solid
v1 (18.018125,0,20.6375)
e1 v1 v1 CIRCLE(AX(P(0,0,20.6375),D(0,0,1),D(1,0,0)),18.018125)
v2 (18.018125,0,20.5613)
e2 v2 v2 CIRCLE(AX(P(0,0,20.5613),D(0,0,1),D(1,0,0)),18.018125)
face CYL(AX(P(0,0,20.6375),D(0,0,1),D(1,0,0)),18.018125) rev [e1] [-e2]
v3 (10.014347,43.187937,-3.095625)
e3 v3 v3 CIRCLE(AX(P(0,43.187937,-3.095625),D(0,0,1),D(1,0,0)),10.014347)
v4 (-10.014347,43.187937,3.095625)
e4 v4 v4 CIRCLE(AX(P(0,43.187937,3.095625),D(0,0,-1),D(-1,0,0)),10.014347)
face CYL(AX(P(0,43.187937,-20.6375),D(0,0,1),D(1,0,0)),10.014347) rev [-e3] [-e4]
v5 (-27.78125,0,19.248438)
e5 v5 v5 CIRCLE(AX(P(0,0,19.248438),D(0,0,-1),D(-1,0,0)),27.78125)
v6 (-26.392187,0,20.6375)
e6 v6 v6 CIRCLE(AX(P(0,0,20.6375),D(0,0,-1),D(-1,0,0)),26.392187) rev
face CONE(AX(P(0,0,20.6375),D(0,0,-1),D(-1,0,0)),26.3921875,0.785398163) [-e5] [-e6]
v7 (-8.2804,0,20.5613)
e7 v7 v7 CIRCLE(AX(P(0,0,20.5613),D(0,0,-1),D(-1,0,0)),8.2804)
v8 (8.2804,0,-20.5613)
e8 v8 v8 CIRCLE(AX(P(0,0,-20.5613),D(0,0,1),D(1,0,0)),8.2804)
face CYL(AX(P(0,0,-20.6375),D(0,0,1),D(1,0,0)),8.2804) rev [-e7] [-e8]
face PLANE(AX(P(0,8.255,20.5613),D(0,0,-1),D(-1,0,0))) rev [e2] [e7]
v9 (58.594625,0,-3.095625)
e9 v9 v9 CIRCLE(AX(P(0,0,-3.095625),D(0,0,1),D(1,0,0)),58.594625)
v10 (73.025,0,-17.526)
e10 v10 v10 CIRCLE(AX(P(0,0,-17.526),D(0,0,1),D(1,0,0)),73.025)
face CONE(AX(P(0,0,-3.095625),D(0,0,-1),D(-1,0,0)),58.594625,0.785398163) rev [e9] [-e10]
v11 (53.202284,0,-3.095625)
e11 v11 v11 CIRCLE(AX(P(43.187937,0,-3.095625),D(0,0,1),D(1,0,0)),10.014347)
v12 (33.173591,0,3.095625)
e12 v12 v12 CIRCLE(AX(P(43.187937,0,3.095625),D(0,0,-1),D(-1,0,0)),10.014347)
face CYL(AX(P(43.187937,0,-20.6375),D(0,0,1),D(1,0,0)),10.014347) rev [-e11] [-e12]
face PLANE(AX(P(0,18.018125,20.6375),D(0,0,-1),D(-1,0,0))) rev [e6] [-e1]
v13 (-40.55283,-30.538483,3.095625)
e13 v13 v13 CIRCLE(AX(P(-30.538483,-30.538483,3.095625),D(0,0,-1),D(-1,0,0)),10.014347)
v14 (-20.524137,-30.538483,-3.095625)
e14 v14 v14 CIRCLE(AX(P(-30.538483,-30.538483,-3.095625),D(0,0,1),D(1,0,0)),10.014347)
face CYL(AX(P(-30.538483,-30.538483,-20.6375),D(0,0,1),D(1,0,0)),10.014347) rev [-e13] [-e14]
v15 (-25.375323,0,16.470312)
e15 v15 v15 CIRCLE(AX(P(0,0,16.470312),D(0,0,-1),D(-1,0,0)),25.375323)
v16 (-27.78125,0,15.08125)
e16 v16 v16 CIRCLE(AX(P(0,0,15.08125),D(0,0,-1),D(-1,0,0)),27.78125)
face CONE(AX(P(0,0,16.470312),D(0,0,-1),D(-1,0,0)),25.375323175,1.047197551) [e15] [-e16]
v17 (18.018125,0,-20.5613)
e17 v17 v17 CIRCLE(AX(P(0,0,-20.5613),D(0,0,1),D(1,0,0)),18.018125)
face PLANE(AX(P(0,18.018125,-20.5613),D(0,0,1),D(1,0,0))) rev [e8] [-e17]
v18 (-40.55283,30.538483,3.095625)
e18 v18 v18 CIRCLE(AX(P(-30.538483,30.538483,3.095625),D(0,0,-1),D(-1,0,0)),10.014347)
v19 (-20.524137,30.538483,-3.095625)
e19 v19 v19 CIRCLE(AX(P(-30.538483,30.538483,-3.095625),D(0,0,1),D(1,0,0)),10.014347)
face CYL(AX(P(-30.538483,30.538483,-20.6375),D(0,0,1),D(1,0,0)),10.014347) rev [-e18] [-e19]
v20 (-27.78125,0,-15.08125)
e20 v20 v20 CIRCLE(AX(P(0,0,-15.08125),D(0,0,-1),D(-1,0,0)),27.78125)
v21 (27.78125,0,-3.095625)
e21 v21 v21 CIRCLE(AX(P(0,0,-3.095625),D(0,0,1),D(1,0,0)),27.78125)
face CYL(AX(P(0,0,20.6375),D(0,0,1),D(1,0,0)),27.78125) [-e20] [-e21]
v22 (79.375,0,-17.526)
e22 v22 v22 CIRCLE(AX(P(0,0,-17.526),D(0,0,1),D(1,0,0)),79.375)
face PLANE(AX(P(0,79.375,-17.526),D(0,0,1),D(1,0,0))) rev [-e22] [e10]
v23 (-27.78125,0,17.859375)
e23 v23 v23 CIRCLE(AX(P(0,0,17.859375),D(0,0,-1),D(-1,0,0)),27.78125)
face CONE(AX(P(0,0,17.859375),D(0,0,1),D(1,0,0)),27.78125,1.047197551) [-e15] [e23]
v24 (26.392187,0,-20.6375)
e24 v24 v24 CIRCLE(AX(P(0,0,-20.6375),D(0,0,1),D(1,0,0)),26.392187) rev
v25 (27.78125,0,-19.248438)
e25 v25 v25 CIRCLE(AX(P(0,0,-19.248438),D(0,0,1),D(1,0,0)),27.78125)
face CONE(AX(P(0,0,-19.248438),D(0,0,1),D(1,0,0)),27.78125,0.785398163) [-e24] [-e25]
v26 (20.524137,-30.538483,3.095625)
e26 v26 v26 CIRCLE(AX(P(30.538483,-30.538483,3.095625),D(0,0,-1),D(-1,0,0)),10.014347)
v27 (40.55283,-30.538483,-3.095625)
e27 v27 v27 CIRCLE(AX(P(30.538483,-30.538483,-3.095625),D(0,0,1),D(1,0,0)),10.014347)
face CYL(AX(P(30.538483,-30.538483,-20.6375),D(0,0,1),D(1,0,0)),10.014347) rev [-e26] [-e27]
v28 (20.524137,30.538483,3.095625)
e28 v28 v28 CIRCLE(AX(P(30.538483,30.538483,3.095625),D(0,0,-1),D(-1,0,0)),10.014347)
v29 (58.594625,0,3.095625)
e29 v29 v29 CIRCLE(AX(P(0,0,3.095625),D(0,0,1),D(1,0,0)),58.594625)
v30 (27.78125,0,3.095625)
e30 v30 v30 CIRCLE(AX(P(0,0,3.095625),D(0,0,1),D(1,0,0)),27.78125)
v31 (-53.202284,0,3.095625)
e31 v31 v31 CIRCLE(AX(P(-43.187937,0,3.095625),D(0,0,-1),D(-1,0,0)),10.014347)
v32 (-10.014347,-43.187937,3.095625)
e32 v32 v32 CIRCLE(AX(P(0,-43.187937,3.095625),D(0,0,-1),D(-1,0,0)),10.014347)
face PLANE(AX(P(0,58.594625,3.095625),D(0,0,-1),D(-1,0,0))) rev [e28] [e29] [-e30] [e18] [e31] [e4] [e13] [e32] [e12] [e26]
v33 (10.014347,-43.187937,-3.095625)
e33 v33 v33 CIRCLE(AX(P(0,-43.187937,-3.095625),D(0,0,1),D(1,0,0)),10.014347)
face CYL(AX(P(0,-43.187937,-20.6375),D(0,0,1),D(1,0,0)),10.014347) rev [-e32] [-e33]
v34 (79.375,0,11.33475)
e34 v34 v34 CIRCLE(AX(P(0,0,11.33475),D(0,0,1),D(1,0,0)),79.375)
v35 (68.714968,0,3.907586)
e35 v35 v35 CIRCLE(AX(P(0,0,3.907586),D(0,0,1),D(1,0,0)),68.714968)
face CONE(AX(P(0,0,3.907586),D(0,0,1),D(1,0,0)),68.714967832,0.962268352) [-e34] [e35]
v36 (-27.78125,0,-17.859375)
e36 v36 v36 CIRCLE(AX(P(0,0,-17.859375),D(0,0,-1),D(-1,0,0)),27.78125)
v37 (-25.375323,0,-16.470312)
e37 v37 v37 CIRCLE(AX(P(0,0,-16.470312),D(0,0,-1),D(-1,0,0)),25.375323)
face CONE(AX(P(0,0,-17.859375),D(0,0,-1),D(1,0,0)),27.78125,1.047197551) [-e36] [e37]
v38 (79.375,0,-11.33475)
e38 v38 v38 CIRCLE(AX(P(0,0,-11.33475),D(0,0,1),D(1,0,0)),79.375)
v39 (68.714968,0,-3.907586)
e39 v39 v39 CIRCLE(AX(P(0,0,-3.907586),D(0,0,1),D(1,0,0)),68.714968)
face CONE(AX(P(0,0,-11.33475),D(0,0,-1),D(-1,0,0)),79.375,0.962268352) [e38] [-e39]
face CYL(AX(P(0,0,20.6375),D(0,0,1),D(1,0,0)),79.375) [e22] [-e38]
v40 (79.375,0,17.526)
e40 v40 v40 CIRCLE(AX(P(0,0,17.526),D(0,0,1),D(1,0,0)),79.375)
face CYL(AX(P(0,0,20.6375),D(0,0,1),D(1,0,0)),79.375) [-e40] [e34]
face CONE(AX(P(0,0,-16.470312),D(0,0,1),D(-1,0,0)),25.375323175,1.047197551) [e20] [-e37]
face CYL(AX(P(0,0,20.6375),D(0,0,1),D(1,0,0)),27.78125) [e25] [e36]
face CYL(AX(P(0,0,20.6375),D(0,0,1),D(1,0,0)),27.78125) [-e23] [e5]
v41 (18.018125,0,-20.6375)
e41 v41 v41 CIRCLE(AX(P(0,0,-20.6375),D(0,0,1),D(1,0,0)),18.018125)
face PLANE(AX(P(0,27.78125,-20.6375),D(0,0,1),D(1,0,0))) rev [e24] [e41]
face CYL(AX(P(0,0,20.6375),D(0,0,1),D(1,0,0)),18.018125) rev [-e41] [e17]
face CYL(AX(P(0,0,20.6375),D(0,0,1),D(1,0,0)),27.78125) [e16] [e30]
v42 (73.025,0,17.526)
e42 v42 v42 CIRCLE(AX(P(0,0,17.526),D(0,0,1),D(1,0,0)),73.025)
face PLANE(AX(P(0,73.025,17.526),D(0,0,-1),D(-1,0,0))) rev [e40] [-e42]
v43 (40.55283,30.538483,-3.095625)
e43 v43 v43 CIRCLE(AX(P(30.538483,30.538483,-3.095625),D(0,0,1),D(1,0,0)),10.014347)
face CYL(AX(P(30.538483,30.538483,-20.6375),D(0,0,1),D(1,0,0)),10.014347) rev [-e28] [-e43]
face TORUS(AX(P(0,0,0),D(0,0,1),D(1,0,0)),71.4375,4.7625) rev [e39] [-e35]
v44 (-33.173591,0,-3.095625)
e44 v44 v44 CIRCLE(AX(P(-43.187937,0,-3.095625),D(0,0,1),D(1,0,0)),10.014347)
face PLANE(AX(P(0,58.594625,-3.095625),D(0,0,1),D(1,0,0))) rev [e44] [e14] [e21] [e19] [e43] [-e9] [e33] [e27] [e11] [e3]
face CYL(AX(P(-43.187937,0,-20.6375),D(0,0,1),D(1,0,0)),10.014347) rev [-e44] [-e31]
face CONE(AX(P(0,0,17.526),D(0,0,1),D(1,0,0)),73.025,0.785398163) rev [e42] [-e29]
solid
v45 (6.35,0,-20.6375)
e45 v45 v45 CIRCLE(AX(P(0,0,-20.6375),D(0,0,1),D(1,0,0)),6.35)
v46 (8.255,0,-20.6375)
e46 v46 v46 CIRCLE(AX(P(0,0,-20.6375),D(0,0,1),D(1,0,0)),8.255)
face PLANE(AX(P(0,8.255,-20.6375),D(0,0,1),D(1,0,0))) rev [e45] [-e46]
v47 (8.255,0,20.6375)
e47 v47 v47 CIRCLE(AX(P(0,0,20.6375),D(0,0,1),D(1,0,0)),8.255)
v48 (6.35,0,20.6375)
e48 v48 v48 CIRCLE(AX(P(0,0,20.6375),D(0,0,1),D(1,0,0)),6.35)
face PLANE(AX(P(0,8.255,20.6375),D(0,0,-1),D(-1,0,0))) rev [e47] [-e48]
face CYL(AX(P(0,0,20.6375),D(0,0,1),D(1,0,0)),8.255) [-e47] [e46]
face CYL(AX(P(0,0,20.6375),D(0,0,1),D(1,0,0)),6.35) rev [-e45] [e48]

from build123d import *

# Parameters (mm, degrees)
CUT_EXTRUDE_THIN1_DEPTH      = 115.134515622
CUT_EXTRUDE_THIN1_DEPTH_BACK = 115.134515622
SKETCH2_R                    = 8.2804
SKETCH2_R_2                  = 8.255
CHAMFER1_SIZE                = 1.3890625
SKETCH4_R                    = 10.014346875
CUT_EXTRUDE1_DEPTH           = 115.134515622
CIRPATTERN1_COUNT            = 8


with BuildPart() as part:
    # Sketch1 → Revolve1 (revolve)
    with BuildSketch(Plane(origin=(0, 0, 0), x_dir=(0, 0, -1), z_dir=(1, 0, 0)), mode=Mode.PRIVATE) as revolve1_sk:
        with BuildLine():
            Line((11.33475, 79.375), (17.526, 79.375))
            Line((17.526, 79.375), (17.526, 73.025))
            Line((17.526, 73.025), (3.095625, 58.594625))
            Line((3.095625, 58.594625), (3.095625, 27.78125))
            Line((3.095625, 27.78125), (20.6375, 27.78125))
            Line((20.6375, 27.78125), (20.6375, 18.018125))
            Line((20.6375, 18.018125), (20.5613, 18.018125))
            Line((20.5613, 18.018125), (20.5613, 8.255))
            Line((20.5613, 8.255), (20.6375, 8.255))
            Line((20.6375, 8.255), (20.6375, 6.35))
            Line((20.6375, 6.35), (-20.6375, 6.35))
            Line((-20.6375, 6.35), (-20.6375, 8.255))
            Line((-20.6375, 8.255), (-20.5613, 8.255))
            Line((-20.5613, 8.255), (-20.5613, 18.018125))
            Line((-20.5613, 18.018125), (-20.6375, 18.018125))
            Line((-20.6375, 18.018125), (-20.6375, 27.78125))
            Line((-20.6375, 27.78125), (-3.095625, 27.78125))
            Line((-3.095625, 27.78125), (-3.095625, 58.594625))
            Line((-3.095625, 58.594625), (-17.526, 73.025))
            Line((-17.526, 73.025), (-17.526, 79.375))
            Line((-17.526, 79.375), (-11.33475, 79.375))
            Line((-11.33475, 79.375), (-3.907585552, 68.714967832))
            ThreePointArc((-3.907585552, 68.714967832), (0, 66.675), (3.907585552, 68.714967832))
            Line((3.907585552, 68.714967832), (11.33475, 79.375))
        make_face()
    revolve(revolve1_sk.sketch.rotate(Axis((0, 0, 20.6375), (0, 0, -1)), 90), axis=Axis((0, 0, 20.6375), (0, 0, -1)))

    # Sketch2 → Cut-Extrude-Thin1 (cut, two sides: drawn at the far end of the back side and taken through both)
    with BuildSketch(Plane.XY.offset(-CUT_EXTRUDE_THIN1_DEPTH_BACK)):
        Circle(SKETCH2_R)
        Circle(SKETCH2_R_2, mode=Mode.SUBTRACT)
    extrude(amount=CUT_EXTRUDE_THIN1_DEPTH + CUT_EXTRUDE_THIN1_DEPTH_BACK, mode=Mode.SUBTRACT)


with BuildPart() as cut_extrude_thin1_piece_1:
    # of the separate pieces the step leaves, piece 1, a body of its own (cut_extrude_thin1_pieces)
    add(part.part.solids().sort_by_distance((68.714967832, 0, -3.907585552))[0])

    # Chamfer1
    chamfer1_edges = [cut_extrude_thin1_piece_1.edges().sort_by_distance(p)[0] for p in [
        (-27.78125, 0, 20.6375),
        (-27.78125, 0, -20.6375),
    ]]
    chamfer(chamfer1_edges, length=CHAMFER1_SIZE)

    # Sketch3 → Cut-Revolve1 (revolve, cut)
    with BuildSketch(Plane(origin=(0, 0, 0), x_dir=(0, 0, -1), z_dir=(1, 0, 0)), mode=Mode.PRIVATE) as cut_revolve1_sk:
        Polygon((-17.859375, 27.78125), (-16.4703125, 25.375323175), (-15.08125, 27.78125), align=None)
    cut_revolve1 = revolve(cut_revolve1_sk.sketch.rotate(Axis((0, 0, 17.859375), (0, 0, 1)), 90), axis=Axis((0, 0, 17.859375), (0, 0, 1)), mode=Mode.SUBTRACT)

    # Mirror1: Cut-Revolve1 across plane
    add(cut_revolve1.mirror(Plane.XY), mode=Mode.SUBTRACT)

    # Sketch4 → Cut-Extrude1 (cut, symmetric)
    with BuildSketch(Plane.XY):
        with Locations((0, 43.1879375)):
            Circle(SKETCH4_R)
    cut_extrude1 = extrude(amount=CUT_EXTRUDE1_DEPTH, both=True, mode=Mode.SUBTRACT)

    # CirPattern1: Cut-Extrude1 ×8 about axis
    cirpattern1_axis = Axis((0, 0, 0), (0, 0, 1))
    for i in range(1, CIRPATTERN1_COUNT):
        add(cut_extrude1.rotate(cirpattern1_axis, i * 360 / CIRPATTERN1_COUNT), mode=Mode.SUBTRACT)


with BuildPart() as cut_extrude_thin1_piece_2:
    # of the separate pieces the step leaves, piece 2, a body of its own (cut_extrude_thin1_pieces)
    add(part.part.solids().sort_by_distance((8.255, 0, -20.5613))[0])


solid = Compound([cut_extrude_thin1_piece_1.part, cut_extrude_thin1_piece_2.part])
